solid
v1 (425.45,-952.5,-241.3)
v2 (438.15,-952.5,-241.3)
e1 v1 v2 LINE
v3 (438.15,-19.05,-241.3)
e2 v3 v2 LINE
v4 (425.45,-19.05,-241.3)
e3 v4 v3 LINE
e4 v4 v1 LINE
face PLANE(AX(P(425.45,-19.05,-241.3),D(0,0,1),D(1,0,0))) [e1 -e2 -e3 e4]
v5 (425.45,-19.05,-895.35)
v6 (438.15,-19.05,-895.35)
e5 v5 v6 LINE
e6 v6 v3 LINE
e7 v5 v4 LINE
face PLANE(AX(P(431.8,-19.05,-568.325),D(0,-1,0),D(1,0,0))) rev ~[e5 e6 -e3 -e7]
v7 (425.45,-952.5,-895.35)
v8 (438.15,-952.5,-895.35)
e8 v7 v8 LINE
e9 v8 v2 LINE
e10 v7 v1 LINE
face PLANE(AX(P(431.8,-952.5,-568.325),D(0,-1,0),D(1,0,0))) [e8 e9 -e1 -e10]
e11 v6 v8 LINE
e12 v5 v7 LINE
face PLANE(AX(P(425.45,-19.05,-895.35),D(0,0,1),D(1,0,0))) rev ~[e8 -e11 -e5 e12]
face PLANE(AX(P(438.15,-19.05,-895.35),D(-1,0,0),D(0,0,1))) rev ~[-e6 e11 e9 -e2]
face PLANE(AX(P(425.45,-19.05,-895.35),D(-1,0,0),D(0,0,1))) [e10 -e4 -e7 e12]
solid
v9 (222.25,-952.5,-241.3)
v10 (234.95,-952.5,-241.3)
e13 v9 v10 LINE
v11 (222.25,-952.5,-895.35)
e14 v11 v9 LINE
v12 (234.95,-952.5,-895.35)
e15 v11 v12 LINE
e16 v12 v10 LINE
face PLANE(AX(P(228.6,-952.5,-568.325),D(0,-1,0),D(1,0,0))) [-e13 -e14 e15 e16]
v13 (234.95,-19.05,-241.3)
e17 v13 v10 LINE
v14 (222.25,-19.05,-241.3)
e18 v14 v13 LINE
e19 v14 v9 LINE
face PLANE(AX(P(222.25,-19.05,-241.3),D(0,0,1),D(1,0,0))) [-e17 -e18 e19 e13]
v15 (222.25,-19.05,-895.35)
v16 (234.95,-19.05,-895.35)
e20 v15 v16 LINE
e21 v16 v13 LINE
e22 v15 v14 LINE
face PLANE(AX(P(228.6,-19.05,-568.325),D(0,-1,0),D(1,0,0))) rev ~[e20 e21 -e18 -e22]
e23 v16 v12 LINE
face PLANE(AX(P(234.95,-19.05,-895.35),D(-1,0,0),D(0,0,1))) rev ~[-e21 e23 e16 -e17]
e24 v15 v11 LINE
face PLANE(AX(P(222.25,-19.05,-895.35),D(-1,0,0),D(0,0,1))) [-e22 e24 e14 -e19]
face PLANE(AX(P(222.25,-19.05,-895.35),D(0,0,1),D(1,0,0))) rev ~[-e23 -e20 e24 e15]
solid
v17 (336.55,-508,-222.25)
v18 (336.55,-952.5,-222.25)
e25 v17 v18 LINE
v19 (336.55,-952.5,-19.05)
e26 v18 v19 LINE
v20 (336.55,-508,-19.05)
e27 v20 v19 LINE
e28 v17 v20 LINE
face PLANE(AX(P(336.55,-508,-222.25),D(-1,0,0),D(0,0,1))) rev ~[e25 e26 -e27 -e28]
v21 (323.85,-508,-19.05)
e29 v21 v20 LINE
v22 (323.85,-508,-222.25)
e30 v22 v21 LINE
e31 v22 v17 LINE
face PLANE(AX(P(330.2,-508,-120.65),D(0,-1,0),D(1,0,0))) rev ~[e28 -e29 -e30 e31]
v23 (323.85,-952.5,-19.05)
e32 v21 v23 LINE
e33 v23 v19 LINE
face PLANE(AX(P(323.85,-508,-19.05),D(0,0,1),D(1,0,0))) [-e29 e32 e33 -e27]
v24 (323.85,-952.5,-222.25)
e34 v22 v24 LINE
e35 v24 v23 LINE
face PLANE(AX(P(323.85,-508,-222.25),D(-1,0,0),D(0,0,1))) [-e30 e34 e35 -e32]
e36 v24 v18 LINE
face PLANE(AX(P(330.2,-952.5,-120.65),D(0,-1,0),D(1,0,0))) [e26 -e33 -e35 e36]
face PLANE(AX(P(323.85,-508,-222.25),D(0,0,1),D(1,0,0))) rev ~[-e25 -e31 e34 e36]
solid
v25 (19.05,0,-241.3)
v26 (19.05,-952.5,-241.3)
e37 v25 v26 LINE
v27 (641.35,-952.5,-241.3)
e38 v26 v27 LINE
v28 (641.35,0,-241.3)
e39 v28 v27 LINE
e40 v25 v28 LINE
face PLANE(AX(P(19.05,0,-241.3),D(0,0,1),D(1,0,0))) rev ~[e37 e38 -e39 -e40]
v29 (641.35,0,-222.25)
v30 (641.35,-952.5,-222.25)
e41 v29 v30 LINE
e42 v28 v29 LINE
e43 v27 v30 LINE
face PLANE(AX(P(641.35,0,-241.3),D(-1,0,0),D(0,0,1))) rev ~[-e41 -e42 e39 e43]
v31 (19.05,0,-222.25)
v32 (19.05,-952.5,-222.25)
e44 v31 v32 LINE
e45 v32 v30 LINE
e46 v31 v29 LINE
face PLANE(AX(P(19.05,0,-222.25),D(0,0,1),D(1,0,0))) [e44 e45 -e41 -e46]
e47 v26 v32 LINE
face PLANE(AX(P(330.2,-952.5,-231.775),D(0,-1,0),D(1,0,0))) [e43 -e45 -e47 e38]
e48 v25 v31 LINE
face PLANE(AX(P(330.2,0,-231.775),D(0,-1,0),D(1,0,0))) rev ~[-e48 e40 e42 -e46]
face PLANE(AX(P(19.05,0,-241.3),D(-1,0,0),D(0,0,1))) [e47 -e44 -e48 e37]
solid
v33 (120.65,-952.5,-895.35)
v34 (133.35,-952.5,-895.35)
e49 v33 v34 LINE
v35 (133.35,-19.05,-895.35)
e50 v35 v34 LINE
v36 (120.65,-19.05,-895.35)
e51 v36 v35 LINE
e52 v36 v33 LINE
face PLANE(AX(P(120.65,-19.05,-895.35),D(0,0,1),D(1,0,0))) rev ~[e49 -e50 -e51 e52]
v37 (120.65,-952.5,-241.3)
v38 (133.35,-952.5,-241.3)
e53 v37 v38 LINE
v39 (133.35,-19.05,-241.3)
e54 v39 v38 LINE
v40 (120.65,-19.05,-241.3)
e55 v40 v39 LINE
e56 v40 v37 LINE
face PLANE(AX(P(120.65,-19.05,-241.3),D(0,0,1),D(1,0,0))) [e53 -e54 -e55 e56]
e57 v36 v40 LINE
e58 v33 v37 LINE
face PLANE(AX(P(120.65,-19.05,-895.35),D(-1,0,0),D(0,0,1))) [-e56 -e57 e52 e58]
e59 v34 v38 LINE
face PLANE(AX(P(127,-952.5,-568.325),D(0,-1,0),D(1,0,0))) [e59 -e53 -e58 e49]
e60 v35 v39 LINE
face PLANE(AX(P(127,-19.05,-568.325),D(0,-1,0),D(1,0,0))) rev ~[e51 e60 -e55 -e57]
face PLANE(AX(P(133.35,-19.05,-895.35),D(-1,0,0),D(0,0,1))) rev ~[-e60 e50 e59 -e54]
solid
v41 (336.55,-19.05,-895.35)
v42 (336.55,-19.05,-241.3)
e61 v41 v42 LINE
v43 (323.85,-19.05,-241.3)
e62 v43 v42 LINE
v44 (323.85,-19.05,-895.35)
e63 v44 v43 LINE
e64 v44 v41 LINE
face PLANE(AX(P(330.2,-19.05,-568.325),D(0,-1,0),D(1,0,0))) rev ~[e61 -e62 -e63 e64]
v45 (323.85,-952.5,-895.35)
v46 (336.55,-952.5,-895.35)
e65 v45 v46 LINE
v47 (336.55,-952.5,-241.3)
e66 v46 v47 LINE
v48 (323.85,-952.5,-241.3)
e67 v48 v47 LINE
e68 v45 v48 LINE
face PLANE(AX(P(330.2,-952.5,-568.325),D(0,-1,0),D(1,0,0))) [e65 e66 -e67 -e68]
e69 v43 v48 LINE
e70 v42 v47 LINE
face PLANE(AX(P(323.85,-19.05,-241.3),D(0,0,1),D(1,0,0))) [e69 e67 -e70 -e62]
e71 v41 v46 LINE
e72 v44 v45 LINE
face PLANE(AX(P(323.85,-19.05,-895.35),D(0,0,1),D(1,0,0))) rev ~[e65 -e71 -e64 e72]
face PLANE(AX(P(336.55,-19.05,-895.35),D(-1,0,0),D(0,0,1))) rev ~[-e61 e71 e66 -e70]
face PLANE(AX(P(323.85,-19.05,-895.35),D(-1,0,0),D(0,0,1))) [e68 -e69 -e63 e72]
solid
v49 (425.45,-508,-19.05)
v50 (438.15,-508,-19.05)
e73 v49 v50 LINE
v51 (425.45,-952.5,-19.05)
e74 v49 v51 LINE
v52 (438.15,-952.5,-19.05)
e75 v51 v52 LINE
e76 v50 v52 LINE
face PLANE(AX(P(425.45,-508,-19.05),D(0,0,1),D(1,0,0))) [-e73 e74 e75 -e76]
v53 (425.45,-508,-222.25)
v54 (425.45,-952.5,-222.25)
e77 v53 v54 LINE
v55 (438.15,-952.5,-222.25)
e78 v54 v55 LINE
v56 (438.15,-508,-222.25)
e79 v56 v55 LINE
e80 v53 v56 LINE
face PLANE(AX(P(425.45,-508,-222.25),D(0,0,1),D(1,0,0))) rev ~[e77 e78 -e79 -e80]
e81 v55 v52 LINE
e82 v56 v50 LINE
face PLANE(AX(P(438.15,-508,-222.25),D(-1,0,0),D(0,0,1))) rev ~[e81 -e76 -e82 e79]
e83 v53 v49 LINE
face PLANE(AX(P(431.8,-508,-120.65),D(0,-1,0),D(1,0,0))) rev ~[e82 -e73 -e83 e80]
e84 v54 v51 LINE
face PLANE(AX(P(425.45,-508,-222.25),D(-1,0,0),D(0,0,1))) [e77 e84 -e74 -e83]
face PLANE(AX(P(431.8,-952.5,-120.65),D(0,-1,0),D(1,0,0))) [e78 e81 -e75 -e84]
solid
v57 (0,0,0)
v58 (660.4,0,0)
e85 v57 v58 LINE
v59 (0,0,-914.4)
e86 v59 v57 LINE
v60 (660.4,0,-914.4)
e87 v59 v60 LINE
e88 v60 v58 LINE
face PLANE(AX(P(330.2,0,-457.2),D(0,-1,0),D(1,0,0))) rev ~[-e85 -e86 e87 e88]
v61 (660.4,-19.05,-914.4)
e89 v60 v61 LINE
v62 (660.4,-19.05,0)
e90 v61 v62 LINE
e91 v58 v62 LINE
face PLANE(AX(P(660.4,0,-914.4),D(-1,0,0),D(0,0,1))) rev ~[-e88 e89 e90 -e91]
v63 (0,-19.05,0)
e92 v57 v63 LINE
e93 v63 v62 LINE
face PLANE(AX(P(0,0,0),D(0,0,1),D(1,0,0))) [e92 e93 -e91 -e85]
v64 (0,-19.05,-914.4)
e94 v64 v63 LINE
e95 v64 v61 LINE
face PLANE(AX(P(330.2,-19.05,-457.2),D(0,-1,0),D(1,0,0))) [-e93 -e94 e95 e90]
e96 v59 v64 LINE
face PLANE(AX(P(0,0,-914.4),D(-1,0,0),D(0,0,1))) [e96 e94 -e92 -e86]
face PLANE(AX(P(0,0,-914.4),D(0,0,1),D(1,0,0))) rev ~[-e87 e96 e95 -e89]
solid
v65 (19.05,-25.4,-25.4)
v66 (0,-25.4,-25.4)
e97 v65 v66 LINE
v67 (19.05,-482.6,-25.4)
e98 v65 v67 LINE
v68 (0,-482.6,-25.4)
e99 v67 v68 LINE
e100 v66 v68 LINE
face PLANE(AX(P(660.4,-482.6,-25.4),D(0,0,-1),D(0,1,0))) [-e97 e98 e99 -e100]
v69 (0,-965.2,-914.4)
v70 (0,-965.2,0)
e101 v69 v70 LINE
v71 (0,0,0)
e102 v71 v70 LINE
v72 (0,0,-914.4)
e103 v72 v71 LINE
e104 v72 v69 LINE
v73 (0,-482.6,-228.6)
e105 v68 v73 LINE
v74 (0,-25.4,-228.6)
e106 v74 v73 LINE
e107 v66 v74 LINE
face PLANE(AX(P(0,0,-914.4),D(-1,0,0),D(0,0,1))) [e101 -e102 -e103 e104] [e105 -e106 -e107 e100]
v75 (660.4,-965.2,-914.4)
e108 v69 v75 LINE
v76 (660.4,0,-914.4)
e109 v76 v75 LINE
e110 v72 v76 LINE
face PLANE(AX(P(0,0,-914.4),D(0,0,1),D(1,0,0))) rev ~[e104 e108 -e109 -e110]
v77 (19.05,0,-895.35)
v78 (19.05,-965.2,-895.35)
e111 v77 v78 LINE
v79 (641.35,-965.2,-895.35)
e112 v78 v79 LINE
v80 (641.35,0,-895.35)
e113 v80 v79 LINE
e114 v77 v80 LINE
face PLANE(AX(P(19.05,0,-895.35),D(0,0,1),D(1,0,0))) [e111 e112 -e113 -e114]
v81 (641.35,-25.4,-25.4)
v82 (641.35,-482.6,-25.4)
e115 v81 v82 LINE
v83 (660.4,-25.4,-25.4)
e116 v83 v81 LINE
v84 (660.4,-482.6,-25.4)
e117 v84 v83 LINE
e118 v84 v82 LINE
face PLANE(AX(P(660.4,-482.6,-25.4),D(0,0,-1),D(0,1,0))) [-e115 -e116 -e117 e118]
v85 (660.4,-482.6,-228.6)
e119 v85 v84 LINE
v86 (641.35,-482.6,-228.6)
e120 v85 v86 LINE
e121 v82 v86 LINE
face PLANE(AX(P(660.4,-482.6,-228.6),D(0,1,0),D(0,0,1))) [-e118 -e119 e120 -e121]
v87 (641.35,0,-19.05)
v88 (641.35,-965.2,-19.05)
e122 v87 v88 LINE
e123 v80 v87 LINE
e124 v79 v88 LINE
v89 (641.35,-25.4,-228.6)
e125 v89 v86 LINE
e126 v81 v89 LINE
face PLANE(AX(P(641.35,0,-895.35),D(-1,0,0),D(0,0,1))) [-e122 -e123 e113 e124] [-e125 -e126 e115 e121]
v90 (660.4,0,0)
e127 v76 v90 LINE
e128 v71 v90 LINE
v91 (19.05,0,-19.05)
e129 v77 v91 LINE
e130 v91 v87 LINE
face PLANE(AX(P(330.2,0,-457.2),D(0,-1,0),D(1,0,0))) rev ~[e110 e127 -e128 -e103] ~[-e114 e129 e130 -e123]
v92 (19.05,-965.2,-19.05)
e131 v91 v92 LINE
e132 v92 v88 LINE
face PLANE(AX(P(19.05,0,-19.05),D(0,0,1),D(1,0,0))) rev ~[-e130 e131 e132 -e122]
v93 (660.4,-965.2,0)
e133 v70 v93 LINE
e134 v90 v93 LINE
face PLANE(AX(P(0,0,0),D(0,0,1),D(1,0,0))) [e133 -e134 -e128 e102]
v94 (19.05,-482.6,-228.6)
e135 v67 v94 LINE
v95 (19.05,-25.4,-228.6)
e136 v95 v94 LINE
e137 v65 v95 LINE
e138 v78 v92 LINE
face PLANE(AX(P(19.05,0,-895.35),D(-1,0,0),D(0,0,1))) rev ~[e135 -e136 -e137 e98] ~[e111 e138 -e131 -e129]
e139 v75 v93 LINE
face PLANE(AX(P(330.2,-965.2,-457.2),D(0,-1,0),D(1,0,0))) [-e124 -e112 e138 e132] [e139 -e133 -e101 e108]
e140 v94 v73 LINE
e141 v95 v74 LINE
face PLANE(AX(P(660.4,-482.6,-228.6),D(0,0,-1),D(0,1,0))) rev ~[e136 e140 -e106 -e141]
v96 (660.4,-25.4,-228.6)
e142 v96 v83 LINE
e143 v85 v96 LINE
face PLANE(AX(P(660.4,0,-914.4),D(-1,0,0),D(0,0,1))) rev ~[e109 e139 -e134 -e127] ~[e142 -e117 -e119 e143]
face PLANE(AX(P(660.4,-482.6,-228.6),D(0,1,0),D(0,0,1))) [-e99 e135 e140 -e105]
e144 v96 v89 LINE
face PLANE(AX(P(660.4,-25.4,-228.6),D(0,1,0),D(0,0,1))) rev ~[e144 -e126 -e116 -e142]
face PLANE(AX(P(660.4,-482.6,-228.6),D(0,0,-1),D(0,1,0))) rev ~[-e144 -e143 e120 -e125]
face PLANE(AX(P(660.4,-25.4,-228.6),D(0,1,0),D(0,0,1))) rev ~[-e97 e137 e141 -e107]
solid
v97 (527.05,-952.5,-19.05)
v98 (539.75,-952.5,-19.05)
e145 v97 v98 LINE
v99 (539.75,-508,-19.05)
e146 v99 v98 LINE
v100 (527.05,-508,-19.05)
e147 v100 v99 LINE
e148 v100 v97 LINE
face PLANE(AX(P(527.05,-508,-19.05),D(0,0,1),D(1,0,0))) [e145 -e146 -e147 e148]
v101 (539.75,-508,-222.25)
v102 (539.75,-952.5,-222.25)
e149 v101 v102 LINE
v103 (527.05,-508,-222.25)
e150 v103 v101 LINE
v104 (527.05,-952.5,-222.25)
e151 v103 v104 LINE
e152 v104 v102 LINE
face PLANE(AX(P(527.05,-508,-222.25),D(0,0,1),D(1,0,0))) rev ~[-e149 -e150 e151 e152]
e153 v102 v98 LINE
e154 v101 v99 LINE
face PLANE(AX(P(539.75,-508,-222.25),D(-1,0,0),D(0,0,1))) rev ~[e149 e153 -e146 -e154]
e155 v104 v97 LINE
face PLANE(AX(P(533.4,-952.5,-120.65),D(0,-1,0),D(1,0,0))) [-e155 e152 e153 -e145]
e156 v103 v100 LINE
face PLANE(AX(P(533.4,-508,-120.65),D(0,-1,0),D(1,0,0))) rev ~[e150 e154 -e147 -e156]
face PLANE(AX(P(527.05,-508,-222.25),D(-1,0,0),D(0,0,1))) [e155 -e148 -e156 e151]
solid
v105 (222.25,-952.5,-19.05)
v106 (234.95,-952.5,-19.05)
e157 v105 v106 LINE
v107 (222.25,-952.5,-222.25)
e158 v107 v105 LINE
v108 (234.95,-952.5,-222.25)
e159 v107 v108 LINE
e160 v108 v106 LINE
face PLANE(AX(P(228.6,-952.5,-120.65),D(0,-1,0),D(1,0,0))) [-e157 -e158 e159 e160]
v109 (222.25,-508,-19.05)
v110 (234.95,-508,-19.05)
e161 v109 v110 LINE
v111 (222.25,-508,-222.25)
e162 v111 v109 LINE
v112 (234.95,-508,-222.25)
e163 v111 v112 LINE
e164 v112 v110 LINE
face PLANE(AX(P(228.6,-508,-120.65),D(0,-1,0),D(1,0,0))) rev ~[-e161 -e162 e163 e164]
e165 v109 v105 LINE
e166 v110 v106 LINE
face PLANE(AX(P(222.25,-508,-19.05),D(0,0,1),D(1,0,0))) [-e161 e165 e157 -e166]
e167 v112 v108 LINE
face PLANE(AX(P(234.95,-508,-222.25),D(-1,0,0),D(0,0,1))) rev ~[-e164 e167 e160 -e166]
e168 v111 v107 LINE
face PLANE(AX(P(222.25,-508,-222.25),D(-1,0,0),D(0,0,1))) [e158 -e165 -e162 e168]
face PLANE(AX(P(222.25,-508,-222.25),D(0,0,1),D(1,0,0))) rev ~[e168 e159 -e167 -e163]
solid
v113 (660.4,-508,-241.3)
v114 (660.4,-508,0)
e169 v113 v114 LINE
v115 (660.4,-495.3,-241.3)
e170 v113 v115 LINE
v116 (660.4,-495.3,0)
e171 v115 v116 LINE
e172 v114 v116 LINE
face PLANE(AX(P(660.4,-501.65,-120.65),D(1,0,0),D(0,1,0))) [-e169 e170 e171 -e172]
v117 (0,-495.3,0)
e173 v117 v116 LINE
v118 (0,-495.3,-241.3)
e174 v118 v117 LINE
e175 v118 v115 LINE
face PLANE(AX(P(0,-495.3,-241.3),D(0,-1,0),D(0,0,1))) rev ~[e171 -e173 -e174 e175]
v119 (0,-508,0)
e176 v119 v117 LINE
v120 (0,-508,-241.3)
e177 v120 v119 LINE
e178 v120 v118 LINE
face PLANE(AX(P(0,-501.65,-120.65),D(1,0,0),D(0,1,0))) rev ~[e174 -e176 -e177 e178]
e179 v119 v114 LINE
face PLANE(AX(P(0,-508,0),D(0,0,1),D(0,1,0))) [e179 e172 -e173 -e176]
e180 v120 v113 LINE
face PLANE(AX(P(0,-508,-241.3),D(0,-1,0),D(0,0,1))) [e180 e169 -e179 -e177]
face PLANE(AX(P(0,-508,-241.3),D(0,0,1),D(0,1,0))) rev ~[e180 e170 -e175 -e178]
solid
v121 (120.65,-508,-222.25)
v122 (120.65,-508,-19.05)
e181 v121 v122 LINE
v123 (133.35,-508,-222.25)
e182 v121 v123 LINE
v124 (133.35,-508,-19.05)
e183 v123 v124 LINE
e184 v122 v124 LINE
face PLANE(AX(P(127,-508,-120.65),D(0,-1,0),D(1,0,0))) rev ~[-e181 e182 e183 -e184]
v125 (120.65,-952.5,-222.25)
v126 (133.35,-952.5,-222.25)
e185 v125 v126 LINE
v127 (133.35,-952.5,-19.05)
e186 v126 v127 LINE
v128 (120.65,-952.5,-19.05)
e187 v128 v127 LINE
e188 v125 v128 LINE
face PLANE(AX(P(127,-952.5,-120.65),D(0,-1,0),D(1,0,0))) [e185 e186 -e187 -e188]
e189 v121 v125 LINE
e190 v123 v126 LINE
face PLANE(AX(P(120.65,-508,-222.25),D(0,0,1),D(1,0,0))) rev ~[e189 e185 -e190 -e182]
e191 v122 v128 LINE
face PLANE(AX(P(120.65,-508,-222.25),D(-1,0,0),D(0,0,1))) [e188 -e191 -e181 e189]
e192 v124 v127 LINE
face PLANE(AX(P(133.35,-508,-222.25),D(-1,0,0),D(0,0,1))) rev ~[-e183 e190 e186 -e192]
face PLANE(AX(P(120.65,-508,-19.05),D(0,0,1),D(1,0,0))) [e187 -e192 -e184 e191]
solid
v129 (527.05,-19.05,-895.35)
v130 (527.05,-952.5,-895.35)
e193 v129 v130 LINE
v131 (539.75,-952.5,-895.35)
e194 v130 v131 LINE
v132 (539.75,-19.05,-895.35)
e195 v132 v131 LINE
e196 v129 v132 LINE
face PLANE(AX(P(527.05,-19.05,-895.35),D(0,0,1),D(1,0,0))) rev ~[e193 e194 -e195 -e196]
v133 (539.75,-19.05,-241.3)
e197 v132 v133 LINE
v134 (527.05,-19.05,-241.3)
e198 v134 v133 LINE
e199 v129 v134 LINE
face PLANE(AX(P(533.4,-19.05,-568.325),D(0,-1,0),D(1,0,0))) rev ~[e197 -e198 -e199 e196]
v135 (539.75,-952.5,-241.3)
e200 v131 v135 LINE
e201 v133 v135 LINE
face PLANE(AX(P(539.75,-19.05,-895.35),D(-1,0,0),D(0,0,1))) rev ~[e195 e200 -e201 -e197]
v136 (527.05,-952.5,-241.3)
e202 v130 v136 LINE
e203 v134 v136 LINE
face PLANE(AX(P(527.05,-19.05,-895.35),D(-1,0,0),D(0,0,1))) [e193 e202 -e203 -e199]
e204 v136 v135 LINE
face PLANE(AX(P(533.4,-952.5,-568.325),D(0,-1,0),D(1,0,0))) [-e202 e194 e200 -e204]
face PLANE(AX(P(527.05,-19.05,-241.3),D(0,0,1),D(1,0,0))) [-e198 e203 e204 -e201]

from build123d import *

# Parameters (mm, degrees)
F0_W      = 660.4
F0_H      = 914.4
F0_W_2    = 622.3
F0_H_2    = 876.3
F1_DEPTH  = 965.2
F2_W      = 660.4
F2_H      = 914.4
F3_DEPTH  = 19.05
F4_W      = 457.2
F4_H      = 203.2
F5_DEPTH  = 726.44
F6_W      = 622.3
F6_H      = 19.05
F7_DEPTH  = 952.5
F8_W      = 12.7
F8_H      = 241.3
F9_DEPTH  = 660.4
F10_W     = 12.7
F10_H     = 203.2
F11_DEPTH = 444.5
F12_W     = 12.7
F12_H     = 654.05
F13_DEPTH = 933.45


with BuildPart() as f1:
    # F0 (on Front) → F1 (new body)
    with BuildSketch(Plane.XZ):
        with Locations((330.2, -457.2)):
            Rectangle(F0_W, F0_H)
        with Locations((330.2, -457.2)):
            Rectangle(F0_W_2, F0_H_2, mode=Mode.SUBTRACT)
    extrude(amount=F1_DEPTH)

    # F4 (on face) → F5 (cut)
    with BuildSketch(Plane.YZ.offset(660.4)):
        with Locations((-254, -127)):
            Rectangle(F4_W, F4_H)
    extrude(amount=-F5_DEPTH, mode=Mode.SUBTRACT)


with BuildPart() as f3:
    # F2 (on Front) → F3 (new body)
    with BuildSketch(Plane.XZ):
        with Locations((330.2, -457.2)):
            Rectangle(F2_W, F2_H)
    extrude(amount=F3_DEPTH)


with BuildPart() as f7:
    # F6 (on Front) → F7 (new body)
    with BuildSketch(Plane.XZ):
        with Locations((330.2, -231.775)):
            Rectangle(F6_W, F6_H)
    extrude(amount=F7_DEPTH)


with BuildPart() as f9:
    # F8 (on Right) → F9 (new body)
    with BuildSketch(Plane.YZ):
        with Locations((-501.65, -120.65)):
            Rectangle(F8_W, F8_H)
    extrude(amount=F9_DEPTH)


with BuildPart() as f11:
    # F10 (on face) → F11 (new body)
    with BuildSketch(Plane.XZ.offset(508)):
        with Locations((127, -120.65)):
            Rectangle(F10_W, F10_H)
        with Locations((228.6, -120.65)):
            Rectangle(F10_W, F10_H)
        with Locations((330.2, -120.65)):
            Rectangle(F10_W, F10_H)
        with Locations((431.8, -120.65)):
            Rectangle(F10_W, F10_H)
        with Locations((533.4, -120.65)):
            Rectangle(F10_W, F10_H)
    extrude(amount=F11_DEPTH)


with BuildPart() as f13:
    # F12 (on face) → F13 (new body)
    with BuildSketch(Plane.XZ.offset(19.05)):
        with Locations((228.6, -568.325)):
            Rectangle(F12_W, F12_H)
        with Locations((330.2, -568.325)):
            Rectangle(F12_W, F12_H)
        with Locations((431.8, -568.325)):
            Rectangle(F12_W, F12_H)
        with Locations((533.4, -568.325)):
            Rectangle(F12_W, F12_H)
        with Locations((127, -568.325)):
            Rectangle(F12_W, F12_H)
    extrude(amount=F13_DEPTH)


solid = Compound([f1.part, f3.part, f7.part, f9.part, f11.part, f13.part])
